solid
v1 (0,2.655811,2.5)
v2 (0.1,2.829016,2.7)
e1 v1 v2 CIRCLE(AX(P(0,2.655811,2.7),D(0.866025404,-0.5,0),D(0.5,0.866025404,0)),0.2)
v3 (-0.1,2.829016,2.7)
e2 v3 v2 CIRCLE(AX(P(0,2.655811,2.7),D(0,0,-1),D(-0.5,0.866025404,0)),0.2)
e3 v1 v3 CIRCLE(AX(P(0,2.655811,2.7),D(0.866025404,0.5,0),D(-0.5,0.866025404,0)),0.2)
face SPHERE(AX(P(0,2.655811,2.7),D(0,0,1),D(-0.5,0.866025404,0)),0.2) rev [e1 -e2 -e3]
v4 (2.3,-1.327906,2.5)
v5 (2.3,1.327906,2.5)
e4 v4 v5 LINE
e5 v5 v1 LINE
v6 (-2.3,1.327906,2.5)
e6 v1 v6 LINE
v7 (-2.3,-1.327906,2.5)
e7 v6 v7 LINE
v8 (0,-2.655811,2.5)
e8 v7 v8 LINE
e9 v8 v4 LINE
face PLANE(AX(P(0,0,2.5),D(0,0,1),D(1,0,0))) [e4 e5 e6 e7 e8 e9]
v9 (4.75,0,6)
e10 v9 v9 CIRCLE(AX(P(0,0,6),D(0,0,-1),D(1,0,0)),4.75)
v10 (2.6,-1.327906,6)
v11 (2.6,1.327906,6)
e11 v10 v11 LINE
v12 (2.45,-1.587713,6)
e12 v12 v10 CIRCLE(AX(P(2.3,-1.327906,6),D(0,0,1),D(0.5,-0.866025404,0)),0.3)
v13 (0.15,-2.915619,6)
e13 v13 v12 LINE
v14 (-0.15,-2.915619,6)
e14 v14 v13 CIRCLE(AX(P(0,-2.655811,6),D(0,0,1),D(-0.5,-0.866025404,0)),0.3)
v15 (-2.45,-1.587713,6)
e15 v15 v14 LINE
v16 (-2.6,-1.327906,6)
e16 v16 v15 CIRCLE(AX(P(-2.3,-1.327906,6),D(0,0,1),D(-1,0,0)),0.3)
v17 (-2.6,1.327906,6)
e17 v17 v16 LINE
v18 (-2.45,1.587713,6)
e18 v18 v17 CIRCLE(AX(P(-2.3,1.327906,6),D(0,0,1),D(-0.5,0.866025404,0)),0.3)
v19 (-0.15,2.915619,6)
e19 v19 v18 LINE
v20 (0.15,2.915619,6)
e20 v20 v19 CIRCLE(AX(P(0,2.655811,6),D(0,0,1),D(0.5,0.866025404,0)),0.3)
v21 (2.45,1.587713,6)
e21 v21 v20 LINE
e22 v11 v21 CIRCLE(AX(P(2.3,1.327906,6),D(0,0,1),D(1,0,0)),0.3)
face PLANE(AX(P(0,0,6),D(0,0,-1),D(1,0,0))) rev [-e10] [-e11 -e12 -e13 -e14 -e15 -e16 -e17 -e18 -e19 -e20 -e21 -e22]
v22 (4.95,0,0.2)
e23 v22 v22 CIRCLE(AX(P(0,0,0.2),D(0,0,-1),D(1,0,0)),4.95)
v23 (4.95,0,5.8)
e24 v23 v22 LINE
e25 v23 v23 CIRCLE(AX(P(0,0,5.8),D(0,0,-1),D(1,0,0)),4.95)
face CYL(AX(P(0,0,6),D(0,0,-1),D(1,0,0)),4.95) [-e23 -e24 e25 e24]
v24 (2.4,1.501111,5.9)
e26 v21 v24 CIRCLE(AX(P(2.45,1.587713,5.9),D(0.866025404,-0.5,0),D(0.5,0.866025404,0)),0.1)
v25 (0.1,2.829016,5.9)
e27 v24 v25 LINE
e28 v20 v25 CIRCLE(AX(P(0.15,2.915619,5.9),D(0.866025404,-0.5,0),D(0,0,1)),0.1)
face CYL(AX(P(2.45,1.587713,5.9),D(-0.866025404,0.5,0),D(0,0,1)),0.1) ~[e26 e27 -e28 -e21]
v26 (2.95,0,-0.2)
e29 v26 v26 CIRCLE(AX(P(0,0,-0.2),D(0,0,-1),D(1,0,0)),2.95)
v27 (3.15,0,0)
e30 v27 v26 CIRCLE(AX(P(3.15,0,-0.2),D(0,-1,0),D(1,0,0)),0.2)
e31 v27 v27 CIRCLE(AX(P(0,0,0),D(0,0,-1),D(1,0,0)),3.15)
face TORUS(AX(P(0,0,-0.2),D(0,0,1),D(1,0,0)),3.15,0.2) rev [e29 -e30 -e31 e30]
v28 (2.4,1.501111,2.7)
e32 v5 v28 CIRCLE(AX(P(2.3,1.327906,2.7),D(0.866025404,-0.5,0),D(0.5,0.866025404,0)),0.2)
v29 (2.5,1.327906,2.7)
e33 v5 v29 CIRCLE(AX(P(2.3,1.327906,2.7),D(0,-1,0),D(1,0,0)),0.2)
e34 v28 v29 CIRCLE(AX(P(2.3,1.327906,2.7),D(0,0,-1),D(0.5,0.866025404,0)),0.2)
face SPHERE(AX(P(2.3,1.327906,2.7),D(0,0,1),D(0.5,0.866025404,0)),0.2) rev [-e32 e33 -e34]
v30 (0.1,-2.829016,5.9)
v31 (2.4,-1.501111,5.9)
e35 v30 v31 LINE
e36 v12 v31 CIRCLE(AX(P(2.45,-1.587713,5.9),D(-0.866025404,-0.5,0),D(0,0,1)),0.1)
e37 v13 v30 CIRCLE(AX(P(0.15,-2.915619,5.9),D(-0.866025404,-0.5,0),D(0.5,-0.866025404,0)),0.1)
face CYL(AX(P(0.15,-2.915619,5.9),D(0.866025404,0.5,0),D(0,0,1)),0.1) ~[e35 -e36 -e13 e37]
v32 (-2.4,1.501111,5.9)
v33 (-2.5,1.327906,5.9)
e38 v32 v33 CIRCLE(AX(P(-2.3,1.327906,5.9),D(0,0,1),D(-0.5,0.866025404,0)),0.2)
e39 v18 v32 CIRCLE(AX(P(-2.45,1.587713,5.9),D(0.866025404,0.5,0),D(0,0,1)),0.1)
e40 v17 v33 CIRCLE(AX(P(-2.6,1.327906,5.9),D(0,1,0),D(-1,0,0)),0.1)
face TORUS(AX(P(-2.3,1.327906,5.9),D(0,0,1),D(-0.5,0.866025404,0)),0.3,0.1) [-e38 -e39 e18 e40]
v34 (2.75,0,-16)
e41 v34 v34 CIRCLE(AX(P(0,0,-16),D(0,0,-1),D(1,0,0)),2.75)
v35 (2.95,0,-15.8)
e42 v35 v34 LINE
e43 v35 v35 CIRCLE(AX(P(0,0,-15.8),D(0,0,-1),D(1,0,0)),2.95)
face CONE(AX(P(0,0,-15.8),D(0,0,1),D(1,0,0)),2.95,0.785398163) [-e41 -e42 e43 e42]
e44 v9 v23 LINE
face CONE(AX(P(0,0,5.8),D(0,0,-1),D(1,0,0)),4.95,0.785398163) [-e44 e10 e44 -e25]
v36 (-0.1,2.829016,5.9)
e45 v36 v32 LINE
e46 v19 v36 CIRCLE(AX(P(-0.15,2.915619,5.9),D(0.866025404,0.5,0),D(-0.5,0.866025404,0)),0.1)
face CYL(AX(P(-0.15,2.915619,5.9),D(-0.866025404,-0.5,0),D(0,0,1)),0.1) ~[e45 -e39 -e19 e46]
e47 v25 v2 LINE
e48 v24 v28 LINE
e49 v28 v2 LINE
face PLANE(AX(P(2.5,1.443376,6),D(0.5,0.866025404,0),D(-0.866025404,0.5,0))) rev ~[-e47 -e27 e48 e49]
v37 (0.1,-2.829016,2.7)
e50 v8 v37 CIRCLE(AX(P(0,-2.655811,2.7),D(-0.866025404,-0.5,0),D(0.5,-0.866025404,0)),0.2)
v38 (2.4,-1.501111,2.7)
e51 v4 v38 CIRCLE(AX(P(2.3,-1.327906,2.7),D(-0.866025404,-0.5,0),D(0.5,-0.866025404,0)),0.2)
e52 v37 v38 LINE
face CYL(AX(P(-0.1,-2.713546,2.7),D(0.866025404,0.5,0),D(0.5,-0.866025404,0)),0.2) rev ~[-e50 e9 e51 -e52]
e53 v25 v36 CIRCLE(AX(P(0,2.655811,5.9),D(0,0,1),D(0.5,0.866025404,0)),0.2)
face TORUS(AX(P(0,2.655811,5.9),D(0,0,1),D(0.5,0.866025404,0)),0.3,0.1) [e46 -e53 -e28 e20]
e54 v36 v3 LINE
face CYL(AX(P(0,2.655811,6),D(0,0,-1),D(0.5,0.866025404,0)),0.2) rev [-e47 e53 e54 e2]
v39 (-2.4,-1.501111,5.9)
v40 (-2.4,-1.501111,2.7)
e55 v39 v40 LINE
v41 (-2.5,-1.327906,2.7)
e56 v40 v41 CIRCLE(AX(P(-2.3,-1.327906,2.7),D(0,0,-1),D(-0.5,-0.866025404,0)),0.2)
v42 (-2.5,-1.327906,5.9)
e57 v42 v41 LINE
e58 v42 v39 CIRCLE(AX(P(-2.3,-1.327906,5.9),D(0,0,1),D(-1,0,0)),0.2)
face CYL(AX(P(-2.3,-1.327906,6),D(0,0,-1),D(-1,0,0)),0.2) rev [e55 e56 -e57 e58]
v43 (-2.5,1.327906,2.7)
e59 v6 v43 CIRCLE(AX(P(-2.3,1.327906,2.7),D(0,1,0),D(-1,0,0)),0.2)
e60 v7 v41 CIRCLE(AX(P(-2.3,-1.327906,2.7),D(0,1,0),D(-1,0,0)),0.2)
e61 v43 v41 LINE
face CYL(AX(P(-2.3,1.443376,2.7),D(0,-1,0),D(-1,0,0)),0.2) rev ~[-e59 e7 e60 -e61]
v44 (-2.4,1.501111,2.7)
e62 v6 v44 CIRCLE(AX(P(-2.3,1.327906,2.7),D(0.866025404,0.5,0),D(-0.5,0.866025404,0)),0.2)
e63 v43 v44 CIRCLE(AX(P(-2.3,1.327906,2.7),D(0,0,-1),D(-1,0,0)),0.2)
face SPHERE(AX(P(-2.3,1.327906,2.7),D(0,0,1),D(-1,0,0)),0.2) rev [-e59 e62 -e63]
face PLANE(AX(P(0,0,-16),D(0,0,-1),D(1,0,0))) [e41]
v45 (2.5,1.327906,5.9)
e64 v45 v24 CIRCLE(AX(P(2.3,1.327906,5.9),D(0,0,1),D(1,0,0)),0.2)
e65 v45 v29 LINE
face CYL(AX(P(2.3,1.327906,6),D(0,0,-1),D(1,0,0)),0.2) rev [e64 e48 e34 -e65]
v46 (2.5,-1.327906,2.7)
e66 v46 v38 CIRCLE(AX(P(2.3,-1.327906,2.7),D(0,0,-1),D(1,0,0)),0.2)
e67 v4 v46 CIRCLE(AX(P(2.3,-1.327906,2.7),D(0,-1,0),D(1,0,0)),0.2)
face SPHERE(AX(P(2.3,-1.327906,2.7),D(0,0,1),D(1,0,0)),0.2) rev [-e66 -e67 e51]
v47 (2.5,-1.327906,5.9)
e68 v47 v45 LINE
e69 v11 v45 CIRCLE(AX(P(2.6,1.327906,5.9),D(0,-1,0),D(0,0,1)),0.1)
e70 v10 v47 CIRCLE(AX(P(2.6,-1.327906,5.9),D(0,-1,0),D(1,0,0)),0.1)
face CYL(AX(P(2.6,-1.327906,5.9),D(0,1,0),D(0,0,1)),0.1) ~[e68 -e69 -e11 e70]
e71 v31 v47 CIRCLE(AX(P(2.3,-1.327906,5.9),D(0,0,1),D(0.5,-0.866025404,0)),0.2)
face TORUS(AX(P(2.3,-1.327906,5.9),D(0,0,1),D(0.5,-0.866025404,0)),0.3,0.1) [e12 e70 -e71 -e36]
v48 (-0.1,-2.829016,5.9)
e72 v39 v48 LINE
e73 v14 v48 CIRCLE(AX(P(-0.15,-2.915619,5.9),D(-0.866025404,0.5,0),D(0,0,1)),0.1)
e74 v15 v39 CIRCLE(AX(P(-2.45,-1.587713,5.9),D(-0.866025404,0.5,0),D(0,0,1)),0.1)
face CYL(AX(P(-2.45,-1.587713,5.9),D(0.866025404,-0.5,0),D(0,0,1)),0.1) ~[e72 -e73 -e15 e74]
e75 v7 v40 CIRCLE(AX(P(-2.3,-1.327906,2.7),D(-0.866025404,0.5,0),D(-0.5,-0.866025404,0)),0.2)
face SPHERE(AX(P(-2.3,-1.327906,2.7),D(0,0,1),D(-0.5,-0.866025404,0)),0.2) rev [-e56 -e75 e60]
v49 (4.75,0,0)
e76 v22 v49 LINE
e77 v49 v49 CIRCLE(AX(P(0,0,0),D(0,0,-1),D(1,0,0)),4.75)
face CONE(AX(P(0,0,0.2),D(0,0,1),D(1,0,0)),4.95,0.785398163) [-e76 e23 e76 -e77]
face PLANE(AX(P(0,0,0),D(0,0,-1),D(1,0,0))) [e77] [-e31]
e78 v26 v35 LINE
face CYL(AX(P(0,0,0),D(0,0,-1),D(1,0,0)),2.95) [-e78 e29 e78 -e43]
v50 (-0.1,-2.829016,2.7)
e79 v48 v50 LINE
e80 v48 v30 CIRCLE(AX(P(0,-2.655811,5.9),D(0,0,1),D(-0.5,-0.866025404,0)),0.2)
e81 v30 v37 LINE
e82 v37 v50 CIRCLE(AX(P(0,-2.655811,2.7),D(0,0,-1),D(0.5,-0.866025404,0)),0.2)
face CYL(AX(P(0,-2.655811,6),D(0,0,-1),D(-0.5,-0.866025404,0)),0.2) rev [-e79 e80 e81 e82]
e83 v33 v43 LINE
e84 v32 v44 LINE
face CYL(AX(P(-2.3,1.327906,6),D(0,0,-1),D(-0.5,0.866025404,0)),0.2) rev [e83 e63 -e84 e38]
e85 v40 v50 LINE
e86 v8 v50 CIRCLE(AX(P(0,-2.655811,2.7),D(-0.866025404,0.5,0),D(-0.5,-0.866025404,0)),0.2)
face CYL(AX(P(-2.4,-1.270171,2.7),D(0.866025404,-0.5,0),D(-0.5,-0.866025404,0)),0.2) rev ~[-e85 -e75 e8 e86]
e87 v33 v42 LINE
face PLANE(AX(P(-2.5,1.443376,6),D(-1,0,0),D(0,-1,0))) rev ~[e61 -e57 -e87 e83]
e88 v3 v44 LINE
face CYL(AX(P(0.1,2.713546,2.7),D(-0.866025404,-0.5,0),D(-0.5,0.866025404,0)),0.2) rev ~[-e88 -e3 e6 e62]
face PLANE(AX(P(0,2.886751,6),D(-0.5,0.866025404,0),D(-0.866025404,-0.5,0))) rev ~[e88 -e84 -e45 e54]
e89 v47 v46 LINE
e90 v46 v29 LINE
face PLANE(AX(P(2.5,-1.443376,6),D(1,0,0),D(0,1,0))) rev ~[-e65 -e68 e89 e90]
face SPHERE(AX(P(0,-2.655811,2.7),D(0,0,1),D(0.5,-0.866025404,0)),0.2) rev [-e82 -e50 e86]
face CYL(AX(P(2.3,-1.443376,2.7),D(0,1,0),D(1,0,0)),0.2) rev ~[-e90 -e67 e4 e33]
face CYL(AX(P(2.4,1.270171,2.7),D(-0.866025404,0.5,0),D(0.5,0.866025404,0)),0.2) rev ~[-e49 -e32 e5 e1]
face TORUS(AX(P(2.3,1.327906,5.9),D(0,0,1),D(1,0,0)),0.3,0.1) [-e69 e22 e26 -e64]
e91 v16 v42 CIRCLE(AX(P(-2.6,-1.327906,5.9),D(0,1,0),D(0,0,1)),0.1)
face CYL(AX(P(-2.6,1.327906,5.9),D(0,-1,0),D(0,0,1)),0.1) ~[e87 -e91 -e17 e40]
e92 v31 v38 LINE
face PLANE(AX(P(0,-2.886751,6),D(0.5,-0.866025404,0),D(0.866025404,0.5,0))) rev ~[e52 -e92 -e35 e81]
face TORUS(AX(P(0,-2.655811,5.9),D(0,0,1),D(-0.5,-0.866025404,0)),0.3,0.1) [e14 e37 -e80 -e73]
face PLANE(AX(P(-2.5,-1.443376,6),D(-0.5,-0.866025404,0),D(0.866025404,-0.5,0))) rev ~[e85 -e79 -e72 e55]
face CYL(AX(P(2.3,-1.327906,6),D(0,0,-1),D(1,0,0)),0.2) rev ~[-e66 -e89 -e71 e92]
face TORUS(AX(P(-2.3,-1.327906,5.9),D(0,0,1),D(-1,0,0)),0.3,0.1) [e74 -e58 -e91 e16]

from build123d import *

# Parameters (mm, degrees)
SCHNITT_LINEAR_AUSTRAGEN1_DEPTH = 3.5
FASE1_SIZE                      = 0.2
VERRUNDUNG1_R                   = 0.2
VERRUNDUNG2_R                   = 0.1


with BuildPart() as part:
    # Skizze1 → Rotation1 (revolve)
    with BuildSketch(Plane(origin=(0, 0, 0), x_dir=(0, 0, -1), z_dir=(1, 0, 0))):
        Polygon((-6, 0), (-6, 4.95), (0, 4.95), (0, 2.95), (16, 2.95), (16, 0), align=None)
    revolve(axis=Axis((0, 0, 21.919879518), (0, 0, -1)))

    # Skizze2 → Schnitt-Linear austragen1 (cut)
    with BuildSketch(Plane.XY.offset(6)):
        Polygon((2.5, -1.443375673), (2.5, 1.443375673), (0, 2.886751346), (-2.5, 1.443375673), (-2.5, -1.443375673), (0, -2.886751346), align=None)
    extrude(amount=-SCHNITT_LINEAR_AUSTRAGEN1_DEPTH, mode=Mode.SUBTRACT)

    # Fase1
    fase1_edges = [part.edges().sort_by_distance(p)[0] for p in [
        (0, -4.95, 6),
        (0, -4.95, 0),
        (0, -2.95, -16),
    ]]
    chamfer(fase1_edges, length=FASE1_SIZE)

    # Verrundung1
    verrundung1_edges = [part.edges().sort_by_distance(p)[0] for p in [
        (-1.25, -2.165063509, 2.5),
        (-2.5, 0, 2.5),
        (-1.25, 2.165063509, 2.5),
        (1.25, 2.165063509, 2.5),
        (2.5, 0, 2.5),
        (1.25, -2.165063509, 2.5),
        (-2.5, -1.443375673, 4.25),
        (0, -2.886751346, 4.25),
        (2.5, -1.443375673, 4.25),
        (2.5, 1.443375673, 4.25),
        (0, 2.886751346, 4.25),
        (-2.5, 1.443375673, 4.25),
        (0, -2.95, 0),
    ]]
    fillet(verrundung1_edges, radius=VERRUNDUNG1_R)

    # Verrundung2
    verrundung2_edges = [part.edges().sort_by_distance(p)[0] for p in [
        (2.473205081, -1.427905619, 6),
        (1.25, -2.165063509, 6),
        (0, -2.855811238, 6),
        (-1.25, -2.165063509, 6),
        (-2.473205081, -1.427905619, 6),
        (-2.5, 0, 6),
        (-2.473205081, 1.427905619, 6),
        (-1.25, 2.165063509, 6),
        (0, 2.855811238, 6),
        (1.25, 2.165063509, 6),
        (2.473205081, 1.427905619, 6),
        (2.5, 0, 6),
    ]]
    fillet(verrundung2_edges, radius=VERRUNDUNG2_R)


solid = part.part
